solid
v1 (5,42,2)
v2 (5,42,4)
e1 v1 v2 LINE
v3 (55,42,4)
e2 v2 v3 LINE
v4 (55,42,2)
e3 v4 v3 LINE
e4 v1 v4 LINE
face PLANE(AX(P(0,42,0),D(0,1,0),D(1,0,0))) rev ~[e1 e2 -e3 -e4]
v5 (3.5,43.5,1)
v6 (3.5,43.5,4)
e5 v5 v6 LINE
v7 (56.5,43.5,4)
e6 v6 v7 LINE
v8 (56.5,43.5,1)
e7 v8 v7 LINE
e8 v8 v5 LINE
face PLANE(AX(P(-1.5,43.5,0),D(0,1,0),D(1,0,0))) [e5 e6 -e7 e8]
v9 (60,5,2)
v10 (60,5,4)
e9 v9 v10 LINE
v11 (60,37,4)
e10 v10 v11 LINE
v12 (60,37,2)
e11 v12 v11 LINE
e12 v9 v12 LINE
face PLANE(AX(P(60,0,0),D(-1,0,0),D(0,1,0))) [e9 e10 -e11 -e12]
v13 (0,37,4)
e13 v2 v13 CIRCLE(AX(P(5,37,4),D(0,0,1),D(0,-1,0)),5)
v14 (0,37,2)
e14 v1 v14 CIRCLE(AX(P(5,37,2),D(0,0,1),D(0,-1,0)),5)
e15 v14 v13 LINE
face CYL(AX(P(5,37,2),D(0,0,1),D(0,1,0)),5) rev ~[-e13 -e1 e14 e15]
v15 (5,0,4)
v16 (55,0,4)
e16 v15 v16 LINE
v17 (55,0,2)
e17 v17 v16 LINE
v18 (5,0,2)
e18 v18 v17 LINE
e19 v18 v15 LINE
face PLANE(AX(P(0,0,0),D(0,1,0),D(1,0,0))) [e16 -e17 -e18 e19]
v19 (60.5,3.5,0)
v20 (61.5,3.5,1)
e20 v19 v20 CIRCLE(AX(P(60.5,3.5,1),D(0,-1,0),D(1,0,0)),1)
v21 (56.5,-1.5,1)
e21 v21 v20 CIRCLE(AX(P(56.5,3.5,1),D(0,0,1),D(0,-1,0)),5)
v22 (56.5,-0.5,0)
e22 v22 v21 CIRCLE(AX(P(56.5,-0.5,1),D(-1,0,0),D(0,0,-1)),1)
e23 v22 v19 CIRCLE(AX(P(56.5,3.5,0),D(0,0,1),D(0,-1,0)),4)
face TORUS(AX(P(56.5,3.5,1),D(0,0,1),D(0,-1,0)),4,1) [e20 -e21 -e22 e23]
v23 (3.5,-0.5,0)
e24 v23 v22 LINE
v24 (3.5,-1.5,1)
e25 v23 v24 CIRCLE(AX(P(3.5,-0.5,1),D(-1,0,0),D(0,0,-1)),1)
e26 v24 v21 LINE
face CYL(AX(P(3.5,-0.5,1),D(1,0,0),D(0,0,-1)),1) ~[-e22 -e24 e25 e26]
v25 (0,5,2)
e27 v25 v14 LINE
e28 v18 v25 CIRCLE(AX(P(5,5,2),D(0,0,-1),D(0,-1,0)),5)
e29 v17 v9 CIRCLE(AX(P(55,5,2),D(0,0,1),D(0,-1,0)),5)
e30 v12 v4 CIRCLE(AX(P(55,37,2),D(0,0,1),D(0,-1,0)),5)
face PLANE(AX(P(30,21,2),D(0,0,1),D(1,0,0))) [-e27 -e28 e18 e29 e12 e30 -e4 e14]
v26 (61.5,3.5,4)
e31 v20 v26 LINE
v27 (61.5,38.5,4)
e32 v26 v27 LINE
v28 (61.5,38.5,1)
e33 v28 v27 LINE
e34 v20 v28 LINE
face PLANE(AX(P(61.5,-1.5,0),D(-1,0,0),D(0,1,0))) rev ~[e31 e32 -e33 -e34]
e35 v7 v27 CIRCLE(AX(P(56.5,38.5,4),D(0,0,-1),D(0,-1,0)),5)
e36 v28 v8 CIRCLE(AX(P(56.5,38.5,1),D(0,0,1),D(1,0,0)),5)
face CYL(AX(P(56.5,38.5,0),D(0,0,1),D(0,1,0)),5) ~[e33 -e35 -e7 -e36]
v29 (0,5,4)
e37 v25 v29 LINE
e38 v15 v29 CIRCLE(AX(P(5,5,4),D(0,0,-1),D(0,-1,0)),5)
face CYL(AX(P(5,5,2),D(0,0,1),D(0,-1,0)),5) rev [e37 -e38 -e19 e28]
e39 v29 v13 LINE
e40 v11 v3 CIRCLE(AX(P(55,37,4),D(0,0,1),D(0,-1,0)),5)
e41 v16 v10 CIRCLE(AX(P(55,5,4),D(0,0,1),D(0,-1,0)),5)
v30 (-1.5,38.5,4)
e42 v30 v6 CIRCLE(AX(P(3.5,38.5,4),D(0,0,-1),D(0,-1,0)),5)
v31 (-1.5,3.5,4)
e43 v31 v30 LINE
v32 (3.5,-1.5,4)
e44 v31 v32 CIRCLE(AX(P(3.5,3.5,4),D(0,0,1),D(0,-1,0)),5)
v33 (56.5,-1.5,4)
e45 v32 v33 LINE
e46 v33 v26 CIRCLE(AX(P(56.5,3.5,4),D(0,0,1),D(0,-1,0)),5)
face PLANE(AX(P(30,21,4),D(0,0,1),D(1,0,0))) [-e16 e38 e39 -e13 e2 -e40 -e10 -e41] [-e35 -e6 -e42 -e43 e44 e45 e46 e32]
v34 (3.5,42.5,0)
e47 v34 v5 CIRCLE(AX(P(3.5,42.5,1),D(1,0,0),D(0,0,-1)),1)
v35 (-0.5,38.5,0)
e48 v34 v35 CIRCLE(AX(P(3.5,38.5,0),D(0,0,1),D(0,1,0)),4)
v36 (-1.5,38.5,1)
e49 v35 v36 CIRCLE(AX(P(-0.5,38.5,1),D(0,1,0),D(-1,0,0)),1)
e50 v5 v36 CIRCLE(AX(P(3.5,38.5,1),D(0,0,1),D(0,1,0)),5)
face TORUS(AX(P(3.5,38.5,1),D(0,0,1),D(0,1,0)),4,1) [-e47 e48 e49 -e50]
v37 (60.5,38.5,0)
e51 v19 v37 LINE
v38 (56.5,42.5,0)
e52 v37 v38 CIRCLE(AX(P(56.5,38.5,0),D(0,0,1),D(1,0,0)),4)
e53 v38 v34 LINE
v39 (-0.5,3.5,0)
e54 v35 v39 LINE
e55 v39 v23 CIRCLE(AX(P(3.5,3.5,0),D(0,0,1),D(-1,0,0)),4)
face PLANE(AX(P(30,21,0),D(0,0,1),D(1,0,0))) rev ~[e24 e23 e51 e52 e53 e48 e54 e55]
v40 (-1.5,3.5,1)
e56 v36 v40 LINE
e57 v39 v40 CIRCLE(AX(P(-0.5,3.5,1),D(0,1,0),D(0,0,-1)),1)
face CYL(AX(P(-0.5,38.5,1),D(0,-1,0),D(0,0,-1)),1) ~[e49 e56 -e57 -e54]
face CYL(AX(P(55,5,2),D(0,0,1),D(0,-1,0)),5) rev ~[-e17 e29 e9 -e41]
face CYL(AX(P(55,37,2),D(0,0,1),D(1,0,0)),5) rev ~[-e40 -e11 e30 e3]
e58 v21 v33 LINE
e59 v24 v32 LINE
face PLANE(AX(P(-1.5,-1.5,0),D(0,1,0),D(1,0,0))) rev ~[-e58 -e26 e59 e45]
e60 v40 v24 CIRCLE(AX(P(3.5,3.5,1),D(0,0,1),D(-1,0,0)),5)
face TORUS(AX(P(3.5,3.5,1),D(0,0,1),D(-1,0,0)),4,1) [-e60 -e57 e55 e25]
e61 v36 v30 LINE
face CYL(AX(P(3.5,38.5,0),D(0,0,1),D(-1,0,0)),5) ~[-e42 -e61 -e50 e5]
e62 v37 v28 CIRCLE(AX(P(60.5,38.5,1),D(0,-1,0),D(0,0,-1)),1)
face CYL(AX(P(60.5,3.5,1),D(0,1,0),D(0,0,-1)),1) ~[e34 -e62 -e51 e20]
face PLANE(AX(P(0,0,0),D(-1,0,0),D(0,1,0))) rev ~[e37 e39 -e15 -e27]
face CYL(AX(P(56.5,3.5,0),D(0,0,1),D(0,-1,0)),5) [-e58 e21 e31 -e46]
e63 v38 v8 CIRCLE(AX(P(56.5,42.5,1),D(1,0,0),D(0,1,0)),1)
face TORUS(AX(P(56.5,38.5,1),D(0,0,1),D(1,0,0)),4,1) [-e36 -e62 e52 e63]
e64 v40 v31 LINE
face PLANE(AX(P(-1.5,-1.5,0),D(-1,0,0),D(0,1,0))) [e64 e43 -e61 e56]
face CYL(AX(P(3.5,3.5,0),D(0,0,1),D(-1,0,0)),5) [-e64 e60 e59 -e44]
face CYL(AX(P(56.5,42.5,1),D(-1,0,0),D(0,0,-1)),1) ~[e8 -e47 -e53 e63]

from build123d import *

# Parameters (mm, degrees)
F0_W     = 60
F0_H     = 42
F1_DEPTH = 2
F2_W     = 63
F2_H     = 45
F2_W_2   = 60
F2_H_2   = 42
F3_DEPTH = 4
F4_R     = 5
F5_R     = 1


with BuildPart() as f1:
    # F0 (on Top) → F1 (new body)
    with BuildSketch(Plane.XY):
        with Locations((30, 21)):
            Rectangle(F0_W, F0_H)
    extrude(amount=F1_DEPTH)

    # F2 (on Top) → F3 (join)
    with BuildSketch(Plane.XY):
        with Locations((30, 21)):
            Rectangle(F2_W, F2_H)
        with Locations((30, 21)):
            Rectangle(F2_W_2, F2_H_2, mode=Mode.SUBTRACT)
    extrude(amount=F3_DEPTH)

    # F4
    f4_edges = [f1.edges().sort_by_distance(p)[0] for p in [
        (-1.5, -1.5, 2),
        (61.5, -1.5, 2),
        (-1.5, 43.5, 2),
        (60, 42, 3),
        (61.5, 43.5, 2),
        (60, 0, 3),
        (0, 0, 3),
        (0, 42, 3),
    ]]
    fillet(f4_edges, radius=F4_R)

    # F5
    f5_edges = [f1.edges().sort_by_distance(p)[0] for p in [
        (30, -1.5, 0),
        (60.035534, -0.035534, 0),
        (61.5, 21, 0),
        (60.035534, 42.035534, 0),
        (30, 43.5, 0),
        (-0.035534, 42.035534, 0),
        (-1.5, 21, 0),
        (-0.035534, -0.035534, 0),
    ]]
    fillet(f5_edges, radius=F5_R)


solid = f1.part
